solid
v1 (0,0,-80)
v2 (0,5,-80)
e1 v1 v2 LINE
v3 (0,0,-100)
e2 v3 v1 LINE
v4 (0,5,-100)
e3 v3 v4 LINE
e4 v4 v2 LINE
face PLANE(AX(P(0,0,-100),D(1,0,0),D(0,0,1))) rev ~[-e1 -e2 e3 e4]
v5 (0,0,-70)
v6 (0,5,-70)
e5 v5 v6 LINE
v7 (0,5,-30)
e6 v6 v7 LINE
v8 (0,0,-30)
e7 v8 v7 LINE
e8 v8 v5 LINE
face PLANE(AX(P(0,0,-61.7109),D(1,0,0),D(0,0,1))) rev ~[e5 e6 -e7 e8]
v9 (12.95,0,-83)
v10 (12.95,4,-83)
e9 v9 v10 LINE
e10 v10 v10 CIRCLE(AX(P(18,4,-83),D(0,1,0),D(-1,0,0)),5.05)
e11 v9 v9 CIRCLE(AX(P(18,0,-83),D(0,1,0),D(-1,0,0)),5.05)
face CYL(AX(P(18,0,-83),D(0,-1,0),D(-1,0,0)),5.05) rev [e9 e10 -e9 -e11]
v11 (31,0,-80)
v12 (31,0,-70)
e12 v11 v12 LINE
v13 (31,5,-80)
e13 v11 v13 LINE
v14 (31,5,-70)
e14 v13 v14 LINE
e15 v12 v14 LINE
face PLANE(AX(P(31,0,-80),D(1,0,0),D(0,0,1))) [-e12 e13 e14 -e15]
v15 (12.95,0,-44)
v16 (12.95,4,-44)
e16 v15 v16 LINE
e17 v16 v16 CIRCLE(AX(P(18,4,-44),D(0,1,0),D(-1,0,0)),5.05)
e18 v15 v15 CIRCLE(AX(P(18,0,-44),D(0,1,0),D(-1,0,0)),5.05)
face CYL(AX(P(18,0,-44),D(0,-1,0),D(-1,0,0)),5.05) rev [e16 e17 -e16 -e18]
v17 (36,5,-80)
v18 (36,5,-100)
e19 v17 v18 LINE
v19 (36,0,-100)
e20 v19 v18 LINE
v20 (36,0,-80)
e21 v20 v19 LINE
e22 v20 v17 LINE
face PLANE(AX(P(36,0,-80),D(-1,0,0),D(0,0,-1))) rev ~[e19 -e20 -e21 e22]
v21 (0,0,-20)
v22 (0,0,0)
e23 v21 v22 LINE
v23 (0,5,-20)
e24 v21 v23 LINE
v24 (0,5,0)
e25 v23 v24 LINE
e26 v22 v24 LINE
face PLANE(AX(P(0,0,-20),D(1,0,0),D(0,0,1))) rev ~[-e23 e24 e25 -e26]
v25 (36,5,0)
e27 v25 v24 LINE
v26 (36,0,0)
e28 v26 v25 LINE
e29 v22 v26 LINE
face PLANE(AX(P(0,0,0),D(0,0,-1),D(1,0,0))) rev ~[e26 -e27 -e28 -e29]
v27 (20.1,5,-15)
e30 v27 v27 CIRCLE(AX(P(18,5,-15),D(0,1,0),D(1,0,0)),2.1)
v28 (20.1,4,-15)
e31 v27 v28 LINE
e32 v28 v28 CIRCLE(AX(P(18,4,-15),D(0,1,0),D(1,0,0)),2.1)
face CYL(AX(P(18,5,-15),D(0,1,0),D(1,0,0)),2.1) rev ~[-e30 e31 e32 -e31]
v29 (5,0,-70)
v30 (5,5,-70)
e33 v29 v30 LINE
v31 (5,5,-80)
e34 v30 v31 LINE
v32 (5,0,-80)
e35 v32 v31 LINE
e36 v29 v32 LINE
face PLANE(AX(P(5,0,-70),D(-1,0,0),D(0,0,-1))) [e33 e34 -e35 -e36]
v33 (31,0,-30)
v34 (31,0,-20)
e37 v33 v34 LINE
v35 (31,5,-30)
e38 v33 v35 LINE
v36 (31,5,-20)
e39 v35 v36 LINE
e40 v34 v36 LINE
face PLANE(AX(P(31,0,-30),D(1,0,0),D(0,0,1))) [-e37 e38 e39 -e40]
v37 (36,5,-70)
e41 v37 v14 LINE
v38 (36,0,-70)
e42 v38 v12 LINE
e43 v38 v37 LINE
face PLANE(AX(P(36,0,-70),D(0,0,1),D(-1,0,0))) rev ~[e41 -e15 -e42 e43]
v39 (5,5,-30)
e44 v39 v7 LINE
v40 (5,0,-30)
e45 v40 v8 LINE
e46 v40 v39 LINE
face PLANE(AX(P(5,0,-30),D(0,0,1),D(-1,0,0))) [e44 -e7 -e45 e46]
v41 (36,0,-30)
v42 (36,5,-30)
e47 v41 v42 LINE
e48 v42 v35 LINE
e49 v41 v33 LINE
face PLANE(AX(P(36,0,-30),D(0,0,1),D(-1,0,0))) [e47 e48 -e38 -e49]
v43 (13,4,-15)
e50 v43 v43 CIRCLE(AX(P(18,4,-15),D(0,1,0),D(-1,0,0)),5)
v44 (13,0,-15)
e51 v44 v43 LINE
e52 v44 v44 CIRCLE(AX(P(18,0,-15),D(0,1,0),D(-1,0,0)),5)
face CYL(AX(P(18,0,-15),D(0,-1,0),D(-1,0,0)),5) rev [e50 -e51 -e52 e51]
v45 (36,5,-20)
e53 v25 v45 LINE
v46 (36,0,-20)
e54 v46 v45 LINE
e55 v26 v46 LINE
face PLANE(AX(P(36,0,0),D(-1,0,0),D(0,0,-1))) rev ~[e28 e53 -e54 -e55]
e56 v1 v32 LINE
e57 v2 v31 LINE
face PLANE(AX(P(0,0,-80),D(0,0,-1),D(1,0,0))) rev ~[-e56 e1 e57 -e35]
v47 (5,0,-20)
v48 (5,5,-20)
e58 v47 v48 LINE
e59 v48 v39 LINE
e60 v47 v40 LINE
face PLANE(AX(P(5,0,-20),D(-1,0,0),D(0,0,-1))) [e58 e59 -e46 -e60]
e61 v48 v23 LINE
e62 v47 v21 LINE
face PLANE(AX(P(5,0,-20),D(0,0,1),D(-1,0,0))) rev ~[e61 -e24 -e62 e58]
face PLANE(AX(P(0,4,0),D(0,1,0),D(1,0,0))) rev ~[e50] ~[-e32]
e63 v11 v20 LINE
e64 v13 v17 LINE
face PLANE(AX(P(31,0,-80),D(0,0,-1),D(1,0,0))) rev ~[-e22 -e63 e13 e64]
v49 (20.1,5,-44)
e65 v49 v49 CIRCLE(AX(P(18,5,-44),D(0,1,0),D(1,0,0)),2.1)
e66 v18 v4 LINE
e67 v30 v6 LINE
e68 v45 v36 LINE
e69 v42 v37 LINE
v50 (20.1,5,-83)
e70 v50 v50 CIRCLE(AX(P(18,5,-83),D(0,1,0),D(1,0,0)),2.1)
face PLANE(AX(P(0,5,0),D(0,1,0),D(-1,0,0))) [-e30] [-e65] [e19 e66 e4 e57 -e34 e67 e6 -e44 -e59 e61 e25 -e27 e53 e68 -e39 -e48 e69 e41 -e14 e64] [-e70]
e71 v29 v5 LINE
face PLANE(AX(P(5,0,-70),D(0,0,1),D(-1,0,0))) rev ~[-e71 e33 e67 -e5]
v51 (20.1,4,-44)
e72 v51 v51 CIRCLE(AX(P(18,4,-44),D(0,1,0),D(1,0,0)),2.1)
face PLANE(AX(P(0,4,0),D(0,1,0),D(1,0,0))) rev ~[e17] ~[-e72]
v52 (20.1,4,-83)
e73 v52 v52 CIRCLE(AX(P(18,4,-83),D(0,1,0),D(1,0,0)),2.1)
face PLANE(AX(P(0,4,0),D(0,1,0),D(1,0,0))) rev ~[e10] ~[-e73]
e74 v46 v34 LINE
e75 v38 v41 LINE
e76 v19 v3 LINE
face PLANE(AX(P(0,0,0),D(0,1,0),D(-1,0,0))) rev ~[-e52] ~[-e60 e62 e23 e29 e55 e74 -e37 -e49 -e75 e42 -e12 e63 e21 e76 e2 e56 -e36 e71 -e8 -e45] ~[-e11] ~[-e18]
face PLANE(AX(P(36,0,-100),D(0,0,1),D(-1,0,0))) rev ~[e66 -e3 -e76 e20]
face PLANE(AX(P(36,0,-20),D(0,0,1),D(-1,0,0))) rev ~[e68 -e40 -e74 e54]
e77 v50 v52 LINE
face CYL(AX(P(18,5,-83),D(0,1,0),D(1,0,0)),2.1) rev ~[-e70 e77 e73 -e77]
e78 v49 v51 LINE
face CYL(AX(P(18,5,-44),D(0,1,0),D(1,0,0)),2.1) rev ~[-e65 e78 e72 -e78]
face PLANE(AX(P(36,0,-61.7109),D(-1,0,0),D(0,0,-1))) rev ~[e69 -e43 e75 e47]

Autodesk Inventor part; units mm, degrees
ref_plane "YZ Plane" through (0, 0, 0) normal (1, 0, 0) x (0, 1, 0)
ref_plane "XZ Plane" through (0, 0, 0) normal (0, 1, 0) x (-1, 0, 0)
ref_plane "XY Plane" through (0, 0, 0) normal (0, 0, 1) x (1, 0, 0)
sketch "Sketch2" plane through (0, 0, 0) normal (0, 1, 0) x (-1, 0, 0)
  line L0 (0, 0) -> (-36, 0)
  line L1 (-36, 0) -> (-36, -100)
  line L2 (-36, -100) -> (0, -100)
  line L3 (0, -100) -> (0, 0)
  line L4 (-36, 0) -> (-36, -20)
  line L5 (-36, -20) -> (0, -20)
  line L6 (-36, -100) -> (-36, -80)
  line L7 (-36, -80) -> (-36, -61.7109)
  line L8 (0, -61.7109) -> (0, -80)
  line L9 (-36, -80) -> (-36, -70)
  line L10 (-36, -70) -> (0, -70)
  line L11 (0, -80) -> (-36, -80)
  line L12 (0, -70) -> (0, -80)
  line L13 (0, -70) -> (-5, -70)
  line L14 (-5, -70) -> (-5, -80)
  line L15 (-36, -20) -> (-36, -30)
  line L16 (-36, -30) -> (0, -30)
  line L17 (0, -20) -> (-5, -20)
  line L18 (-5, -20) -> (-5, -30)
  line L19 (-36, -80) -> (-31, -80)
  line L20 (-31, -80) -> (-31, -70)
  line L21 (-31, -30) -> (-31, -20)
  line L22 (-18, 0) -> (-18, -15)
  line L23 (-18, -15) -> (-18, -44)
  circle A0 centre (-18, -44) radius 5.05
  line L24 (-18, -44) -> (-18, -83)
  circle A1 centre (-18, -83) radius 5.05
  circle A2 centre (-18, -15) radius 5
  dimension "d0" = 36
  dimension "d1" = 100
  dimension "d2" = 20
  dimension "d3" = 20
  dimension "d4" = 10
  dimension "d5" = 5
  dimension "d6" = 10
  dimension "d7" = 5
  dimension "d8" = 5
  dimension "d9" = 15
  dimension "d11" = 29
  dimension "d12" = 10.1
  dimension "d13" = 39
  dimension "d14" = 10.1
extrude "Extrusion1" add sketch "Sketch2" along normal blind 5 contours L3 L5 A2 L22 L0 | L22 A2 L5 L1 L0 | L3 L10 L24 A0 L23 L16 | L18 L16 L23 L5 | L23 L16 L21 L5 | L16 L23 A0 L24 L10 L1 | L3 L2 L1 L11 A1 | L14 L11 A1 L24 L10 | L24 A1 L11 L20 L10
sketch "Sketch3" plane through (0, 5, 0) normal (0, 1, 0) x (1, 0, 0)
  circle A0 centre (18, 15) radius 5 projected
  circle A1 centre (18, 15) radius 5
  circle A2 centre (18, 44) radius 5.05 projected
  circle A3 centre (18, 44) radius 5.05
  circle A4 centre (18, 83) radius 5.05 projected
  circle A5 centre (18, 83) radius 5.05
  circle A6 centre (18, 44) radius 2.1
  circle A7 centre (18, 83) radius 2.1
  circle A8 centre (18, 15) radius 2.1
  point P0 (0, 0)
  dimension "d18" = 4.2
  dimension "d19" = 4.2
  dimension "d20" = 4.2
extrude "Extrusion2" add sketch "Sketch3" against normal blind 1
equation "\"BendRadius\" = Thickness"
equation "\"BendReliefWidth\" = Thickness"
equation "\"BendReliefDepth\" = 0.5 * Thickness"
equation "\"CornerReliefSize\" = 4 * Thickness"
equation "\"MinimumRemnant\" = 2 * Thickness"
equation "\"TransitionRadius\" = BendRadius"
equation "\"JacobiRadiusSize\" = BendRadius"
equation "\"GapSize\" = Thickness"
equation "\"Thickness\" = 0.5"
properties part number "Part1v2"
